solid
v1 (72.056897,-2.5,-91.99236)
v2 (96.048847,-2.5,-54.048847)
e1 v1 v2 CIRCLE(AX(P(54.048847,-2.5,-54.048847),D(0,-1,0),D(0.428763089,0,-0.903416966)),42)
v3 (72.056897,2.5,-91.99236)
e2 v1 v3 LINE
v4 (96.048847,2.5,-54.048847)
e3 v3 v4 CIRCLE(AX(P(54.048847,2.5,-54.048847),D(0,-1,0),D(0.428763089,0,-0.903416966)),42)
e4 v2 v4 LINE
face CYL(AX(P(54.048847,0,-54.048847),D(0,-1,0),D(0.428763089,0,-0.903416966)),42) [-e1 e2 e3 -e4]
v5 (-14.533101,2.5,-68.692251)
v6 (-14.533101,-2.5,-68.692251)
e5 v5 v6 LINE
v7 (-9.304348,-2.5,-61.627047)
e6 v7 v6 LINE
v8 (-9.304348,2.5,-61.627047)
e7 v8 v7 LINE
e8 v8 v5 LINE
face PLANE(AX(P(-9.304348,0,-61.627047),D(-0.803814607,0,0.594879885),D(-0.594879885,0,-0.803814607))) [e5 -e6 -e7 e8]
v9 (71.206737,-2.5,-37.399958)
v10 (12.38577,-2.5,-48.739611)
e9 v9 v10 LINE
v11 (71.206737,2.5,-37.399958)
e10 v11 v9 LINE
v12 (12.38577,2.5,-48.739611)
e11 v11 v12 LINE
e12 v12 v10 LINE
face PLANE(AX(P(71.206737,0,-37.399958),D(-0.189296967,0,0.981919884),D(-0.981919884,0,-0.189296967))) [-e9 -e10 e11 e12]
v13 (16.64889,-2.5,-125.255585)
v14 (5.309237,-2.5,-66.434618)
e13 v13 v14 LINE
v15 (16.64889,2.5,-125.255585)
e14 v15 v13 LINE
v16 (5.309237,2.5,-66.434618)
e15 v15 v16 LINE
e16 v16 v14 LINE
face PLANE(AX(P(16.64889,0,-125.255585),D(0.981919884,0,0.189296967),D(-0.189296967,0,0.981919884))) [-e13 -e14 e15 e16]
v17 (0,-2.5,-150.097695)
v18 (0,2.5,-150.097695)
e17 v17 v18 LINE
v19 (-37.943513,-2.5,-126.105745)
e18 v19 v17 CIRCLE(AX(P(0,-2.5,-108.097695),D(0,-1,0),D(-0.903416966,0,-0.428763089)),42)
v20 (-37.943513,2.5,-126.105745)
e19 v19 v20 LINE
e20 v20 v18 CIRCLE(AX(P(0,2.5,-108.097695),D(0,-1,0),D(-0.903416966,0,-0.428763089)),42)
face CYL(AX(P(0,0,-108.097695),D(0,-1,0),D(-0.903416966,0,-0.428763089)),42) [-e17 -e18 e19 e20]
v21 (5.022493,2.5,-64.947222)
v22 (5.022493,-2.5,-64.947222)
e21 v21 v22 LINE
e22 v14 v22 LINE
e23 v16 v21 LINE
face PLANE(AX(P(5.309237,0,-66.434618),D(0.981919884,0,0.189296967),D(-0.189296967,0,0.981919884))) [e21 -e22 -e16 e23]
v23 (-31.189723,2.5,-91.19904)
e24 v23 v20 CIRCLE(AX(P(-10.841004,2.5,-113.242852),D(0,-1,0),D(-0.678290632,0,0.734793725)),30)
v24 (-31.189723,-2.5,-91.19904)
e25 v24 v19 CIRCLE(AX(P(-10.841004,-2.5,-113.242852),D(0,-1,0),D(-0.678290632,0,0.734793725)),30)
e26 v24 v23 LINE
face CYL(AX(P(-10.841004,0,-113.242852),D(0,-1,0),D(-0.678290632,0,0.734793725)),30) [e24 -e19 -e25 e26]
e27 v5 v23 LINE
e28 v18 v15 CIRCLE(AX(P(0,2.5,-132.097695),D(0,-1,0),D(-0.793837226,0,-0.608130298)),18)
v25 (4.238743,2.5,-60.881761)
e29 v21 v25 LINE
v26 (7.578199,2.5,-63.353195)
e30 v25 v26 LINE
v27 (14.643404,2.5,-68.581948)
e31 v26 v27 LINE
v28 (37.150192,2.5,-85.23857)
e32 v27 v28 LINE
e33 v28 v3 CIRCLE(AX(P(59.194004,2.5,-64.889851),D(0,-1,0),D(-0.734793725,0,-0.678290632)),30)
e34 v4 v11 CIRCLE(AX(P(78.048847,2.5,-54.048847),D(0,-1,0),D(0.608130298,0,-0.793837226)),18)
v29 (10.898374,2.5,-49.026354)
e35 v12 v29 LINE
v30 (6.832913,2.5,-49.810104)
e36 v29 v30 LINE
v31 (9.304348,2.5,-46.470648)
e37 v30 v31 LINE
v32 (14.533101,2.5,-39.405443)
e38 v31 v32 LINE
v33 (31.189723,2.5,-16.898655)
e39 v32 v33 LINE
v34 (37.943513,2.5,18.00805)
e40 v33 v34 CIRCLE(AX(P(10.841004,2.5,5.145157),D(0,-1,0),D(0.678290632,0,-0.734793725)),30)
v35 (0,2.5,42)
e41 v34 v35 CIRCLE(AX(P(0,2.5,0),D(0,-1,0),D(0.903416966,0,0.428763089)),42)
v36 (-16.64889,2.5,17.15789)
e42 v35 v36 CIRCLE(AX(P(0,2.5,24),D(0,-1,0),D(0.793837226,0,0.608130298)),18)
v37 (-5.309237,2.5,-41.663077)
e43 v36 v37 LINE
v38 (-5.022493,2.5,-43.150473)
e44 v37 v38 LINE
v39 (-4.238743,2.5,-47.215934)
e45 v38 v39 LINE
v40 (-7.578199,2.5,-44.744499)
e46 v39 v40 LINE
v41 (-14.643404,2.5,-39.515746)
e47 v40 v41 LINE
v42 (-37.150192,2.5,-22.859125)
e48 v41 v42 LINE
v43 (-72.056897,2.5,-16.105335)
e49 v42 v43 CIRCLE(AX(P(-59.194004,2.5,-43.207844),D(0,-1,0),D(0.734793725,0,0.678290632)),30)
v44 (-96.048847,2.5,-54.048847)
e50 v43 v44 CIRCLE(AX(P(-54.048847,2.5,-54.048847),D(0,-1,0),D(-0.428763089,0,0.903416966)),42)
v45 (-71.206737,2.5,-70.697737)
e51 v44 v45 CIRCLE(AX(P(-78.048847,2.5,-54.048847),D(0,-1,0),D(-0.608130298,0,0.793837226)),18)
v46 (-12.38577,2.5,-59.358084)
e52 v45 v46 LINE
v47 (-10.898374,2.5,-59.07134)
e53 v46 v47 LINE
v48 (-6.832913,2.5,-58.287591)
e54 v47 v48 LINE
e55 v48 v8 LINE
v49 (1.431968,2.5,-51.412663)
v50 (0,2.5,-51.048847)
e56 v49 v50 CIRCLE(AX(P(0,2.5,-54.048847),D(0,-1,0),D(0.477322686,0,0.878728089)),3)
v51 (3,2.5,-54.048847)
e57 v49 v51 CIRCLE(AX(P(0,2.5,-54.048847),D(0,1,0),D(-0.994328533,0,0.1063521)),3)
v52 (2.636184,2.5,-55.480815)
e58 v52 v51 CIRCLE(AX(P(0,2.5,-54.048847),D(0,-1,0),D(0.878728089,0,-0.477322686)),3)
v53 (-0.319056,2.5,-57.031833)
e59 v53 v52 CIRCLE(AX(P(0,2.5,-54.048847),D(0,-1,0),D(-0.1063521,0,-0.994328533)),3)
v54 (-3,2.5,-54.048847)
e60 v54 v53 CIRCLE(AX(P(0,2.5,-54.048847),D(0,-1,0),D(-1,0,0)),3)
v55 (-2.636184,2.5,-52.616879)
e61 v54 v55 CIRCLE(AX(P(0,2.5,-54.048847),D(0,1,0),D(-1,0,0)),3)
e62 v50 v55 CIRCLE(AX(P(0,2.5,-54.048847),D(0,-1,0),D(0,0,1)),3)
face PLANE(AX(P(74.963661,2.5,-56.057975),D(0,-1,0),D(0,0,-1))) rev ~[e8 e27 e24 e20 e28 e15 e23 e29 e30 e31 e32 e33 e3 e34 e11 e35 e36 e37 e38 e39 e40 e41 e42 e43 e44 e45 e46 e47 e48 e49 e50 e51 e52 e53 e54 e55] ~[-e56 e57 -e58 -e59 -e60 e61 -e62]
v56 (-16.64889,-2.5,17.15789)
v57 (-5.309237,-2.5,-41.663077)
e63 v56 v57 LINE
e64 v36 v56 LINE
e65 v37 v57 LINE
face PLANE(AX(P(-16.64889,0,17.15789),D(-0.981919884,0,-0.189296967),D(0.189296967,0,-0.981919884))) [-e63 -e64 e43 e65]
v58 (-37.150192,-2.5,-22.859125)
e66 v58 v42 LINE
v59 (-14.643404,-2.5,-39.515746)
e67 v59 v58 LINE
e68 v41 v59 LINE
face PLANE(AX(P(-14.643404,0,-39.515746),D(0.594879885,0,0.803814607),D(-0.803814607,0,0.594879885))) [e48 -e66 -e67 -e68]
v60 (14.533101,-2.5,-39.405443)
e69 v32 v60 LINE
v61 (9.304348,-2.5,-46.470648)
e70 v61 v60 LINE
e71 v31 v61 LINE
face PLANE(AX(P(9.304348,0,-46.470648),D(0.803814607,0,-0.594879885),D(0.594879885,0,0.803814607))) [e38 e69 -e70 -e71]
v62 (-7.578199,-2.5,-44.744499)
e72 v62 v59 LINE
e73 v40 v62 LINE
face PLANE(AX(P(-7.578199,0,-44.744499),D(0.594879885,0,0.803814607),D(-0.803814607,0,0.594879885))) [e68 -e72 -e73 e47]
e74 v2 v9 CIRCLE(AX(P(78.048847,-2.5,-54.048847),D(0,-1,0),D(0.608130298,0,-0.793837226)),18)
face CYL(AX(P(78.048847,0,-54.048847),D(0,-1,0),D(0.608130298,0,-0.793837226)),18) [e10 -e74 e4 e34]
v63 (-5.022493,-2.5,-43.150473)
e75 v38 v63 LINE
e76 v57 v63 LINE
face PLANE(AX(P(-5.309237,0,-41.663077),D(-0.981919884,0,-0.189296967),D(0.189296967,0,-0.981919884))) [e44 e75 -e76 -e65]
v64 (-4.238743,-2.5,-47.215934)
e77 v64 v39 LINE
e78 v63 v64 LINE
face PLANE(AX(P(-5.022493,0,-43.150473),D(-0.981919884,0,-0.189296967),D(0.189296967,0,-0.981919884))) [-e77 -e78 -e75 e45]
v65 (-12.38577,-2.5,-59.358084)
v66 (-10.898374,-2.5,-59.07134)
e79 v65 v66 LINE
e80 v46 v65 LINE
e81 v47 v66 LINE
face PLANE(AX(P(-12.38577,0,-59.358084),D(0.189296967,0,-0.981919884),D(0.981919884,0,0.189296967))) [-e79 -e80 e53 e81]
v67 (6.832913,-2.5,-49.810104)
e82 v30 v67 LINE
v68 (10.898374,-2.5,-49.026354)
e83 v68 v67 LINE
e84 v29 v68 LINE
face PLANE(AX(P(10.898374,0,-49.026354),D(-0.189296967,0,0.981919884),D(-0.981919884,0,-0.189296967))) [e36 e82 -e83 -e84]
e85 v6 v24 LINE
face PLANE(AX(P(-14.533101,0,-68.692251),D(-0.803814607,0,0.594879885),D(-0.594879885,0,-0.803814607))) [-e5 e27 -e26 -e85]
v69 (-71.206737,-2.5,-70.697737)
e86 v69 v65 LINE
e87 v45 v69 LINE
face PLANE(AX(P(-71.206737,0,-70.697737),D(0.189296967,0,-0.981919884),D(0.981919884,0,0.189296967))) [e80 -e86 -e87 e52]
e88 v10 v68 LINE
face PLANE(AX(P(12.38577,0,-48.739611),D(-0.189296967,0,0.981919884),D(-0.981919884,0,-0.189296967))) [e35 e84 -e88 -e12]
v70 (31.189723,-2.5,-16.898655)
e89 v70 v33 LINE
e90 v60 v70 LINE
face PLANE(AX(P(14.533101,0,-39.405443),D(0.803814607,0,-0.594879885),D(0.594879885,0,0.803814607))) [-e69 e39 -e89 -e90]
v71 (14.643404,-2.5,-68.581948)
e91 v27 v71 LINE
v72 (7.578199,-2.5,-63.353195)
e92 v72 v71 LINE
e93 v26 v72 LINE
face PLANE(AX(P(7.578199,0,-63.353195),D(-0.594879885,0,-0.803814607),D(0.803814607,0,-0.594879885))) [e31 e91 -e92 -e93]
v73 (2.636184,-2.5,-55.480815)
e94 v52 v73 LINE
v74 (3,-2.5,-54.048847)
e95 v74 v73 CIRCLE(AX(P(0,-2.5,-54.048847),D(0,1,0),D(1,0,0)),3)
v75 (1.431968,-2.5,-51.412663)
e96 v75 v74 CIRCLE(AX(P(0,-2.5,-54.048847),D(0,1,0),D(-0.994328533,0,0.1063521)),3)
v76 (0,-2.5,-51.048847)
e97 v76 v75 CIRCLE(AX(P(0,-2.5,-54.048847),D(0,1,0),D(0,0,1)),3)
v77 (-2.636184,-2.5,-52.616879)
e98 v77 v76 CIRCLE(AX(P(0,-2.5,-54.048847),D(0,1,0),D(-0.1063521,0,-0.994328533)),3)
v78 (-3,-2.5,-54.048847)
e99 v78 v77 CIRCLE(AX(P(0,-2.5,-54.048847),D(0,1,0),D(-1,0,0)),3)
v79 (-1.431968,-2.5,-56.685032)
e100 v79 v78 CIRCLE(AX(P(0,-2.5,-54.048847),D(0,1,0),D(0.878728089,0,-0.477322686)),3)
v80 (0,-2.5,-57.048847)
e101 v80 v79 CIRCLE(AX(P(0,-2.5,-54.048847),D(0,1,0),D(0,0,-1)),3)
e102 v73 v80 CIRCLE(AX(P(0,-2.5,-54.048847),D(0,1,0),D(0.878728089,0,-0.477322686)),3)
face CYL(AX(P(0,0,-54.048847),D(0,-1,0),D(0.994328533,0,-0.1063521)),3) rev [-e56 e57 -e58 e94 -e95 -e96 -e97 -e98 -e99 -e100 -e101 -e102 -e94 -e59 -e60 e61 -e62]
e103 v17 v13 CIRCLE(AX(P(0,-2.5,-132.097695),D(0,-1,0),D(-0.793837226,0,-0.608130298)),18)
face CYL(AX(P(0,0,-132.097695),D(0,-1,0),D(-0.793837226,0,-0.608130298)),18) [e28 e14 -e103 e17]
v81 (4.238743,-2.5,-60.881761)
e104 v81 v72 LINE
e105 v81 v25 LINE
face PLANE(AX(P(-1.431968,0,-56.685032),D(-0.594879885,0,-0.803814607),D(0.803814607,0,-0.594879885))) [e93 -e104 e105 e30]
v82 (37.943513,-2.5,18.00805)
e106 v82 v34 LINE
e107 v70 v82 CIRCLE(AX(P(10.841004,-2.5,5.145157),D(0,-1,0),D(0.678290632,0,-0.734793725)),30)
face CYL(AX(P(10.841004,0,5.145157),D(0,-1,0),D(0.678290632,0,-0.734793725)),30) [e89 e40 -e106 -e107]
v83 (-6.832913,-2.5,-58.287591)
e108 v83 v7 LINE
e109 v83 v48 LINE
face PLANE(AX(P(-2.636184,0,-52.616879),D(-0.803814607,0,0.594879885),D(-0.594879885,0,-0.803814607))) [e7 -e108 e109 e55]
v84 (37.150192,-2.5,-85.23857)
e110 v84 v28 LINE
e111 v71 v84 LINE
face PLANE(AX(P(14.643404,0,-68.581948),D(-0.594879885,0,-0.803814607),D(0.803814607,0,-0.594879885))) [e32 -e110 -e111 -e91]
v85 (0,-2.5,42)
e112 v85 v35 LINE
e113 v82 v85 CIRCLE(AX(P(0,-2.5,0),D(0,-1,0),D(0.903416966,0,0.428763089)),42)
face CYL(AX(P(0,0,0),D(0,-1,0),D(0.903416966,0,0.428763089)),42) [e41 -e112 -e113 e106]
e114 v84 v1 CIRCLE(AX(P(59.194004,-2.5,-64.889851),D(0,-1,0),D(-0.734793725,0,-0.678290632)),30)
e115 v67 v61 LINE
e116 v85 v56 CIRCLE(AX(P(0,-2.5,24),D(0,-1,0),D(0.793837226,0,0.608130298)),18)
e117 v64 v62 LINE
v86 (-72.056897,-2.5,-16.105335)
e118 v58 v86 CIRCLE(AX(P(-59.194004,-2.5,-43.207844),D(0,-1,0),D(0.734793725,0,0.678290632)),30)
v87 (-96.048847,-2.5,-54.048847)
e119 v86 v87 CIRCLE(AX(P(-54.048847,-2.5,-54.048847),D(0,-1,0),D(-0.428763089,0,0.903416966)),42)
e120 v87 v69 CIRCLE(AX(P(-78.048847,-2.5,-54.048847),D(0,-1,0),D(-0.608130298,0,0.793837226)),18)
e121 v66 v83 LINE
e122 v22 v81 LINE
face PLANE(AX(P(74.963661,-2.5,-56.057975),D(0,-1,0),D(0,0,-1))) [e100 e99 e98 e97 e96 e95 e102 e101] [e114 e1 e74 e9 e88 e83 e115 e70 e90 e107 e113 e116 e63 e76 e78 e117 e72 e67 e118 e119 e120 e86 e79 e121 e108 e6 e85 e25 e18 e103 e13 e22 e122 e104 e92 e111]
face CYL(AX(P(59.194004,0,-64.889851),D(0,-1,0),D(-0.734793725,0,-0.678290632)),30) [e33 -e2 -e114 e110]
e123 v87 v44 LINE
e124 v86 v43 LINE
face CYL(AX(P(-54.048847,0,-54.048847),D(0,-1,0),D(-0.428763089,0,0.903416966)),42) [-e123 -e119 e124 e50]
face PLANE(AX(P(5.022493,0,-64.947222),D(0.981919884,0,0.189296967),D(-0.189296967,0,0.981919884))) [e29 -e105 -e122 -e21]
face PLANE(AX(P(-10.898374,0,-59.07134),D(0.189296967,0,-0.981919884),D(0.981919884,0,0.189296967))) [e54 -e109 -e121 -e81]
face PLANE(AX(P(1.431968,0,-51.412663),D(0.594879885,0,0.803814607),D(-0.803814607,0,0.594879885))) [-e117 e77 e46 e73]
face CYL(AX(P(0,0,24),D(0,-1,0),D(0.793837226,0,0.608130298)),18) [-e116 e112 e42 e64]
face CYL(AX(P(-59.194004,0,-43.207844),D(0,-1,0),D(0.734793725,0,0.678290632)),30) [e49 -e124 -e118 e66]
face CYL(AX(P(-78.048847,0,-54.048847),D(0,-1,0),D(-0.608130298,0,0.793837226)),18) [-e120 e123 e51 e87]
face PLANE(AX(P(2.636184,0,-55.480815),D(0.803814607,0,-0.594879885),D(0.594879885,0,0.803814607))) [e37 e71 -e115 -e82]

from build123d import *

# Parameters (mm, degrees)
F1_DEPTH = 2.5
F2_COUNT = 4


with BuildPart() as f1:
    # F0 (on Front) → F1 (new body, symmetric)
    with BuildSketch(Plane.XZ):
        with BuildLine():
            ThreePointArc((18, 24), (17.0470416958, 29.7791322377), (14.2890700643, 34.946345358))
            ThreePointArc((14.2890700643, 34.946345358), (-4.1125794445, 31.1526624853), (-16.6488897576, 17.157889957))
            ThreePointArc((-16.6488897576, 17.157889957), (3.4871180339, 6.3410077349), (18, 24))
        make_face()
        with BuildLine():
            ThreePointArc((14.2890700643, 34.946345358), (7.967615209, 40.1405423664), (4.77e-08, 42))
            ThreePointArc((4.77e-08, 42), (-14.9525579748, 34.0210283908), (-16.6488897576, 17.157889957))
            ThreePointArc((-16.6488897576, 17.157889957), (-4.1125794445, 31.1526624853), (14.2890700643, 34.946345358))
        make_face()
        with BuildLine():
            ThreePointArc((40.8410037042, 5.1451568183), (40.1076678925, 11.7377562518), (37.9435125515, 18.0080497349))
            ThreePointArc((37.9435125515, 18.0080497349), (28.3069956895, 29.5365307848), (14.2890700643, 34.946345358))
            ThreePointArc((14.2890700643, 34.946345358), (17.0470416958, 29.7791322377), (18, 24))
            ThreePointArc((18, 24), (3.4871180339, 6.3410077349), (-16.6488897576, 17.157889957))
            Line((-16.6488897576, 17.157889957), (-10.2130597935, -16.2260015554))
            ThreePointArc((-10.2130597935, -16.2260015554), (10.3536707871, -24.8508846976), (31.1897226642, -16.8986549366))
            ThreePointArc((31.1897226642, -16.8986549366), (38.3224662635, -6.8868511438), (40.8410037042, 5.1451568183))
        make_face()
        with BuildLine():
            ThreePointArc((-5.3092368295, -41.6630772302), (4.7480675162, -41.730754305), (14.5331010068, -39.4054434707))
            Line((14.5331010068, -39.4054434707), (31.1897226642, -16.8986549366))
            ThreePointArc((31.1897226642, -16.8986549366), (10.3536707871, -24.8508846976), (-10.2130597935, -16.2260015554))
            Line((-10.2130597935, -16.2260015554), (-5.3092368295, -41.6630772302))
        make_face()
        with BuildLine():
            Line((9.3043480393, -46.4706479136), (14.5331010068, -39.4054434707))
            ThreePointArc((14.5331010068, -39.4054434707), (4.7480675162, -41.730754305), (-5.3092368295, -41.6630772302))
            Line((-5.3092368295, -41.6630772302), (-5.0224929571, -43.1504730102))
            ThreePointArc((-5.0224929571, -43.1504730102), (2.7091439762, -42.3586575491), (9.3043480393, -46.4706479136))
        make_face()
        with BuildLine():
            Line((2.6361842657, -55.4808154644), (9.3043480393, -46.4706479136))
            ThreePointArc((9.3043480393, -46.4706479136), (2.7091439762, -42.3586575491), (-5.0224929571, -43.1504730102))
            Line((-5.0224929571, -43.1504730102), (-2.982985598, -53.729791108))
            ThreePointArc((-2.982985598, -53.729791108), (0.1597548214, -51.0531040274), (3, -54.0488474071))
            ThreePointArc((3, -54.0488474071), (2.9076238406, -54.7875784822), (2.6361842657, -55.4808154644))
        make_face()
        with BuildLine():
            ThreePointArc((14.2890700643, 34.946345358), (28.3069956895, 29.5365307848), (37.9435125515, 18.0080497349))
            ThreePointArc((37.9435125515, 18.0080497349), (22.4461791063, 35.4988597497), (4.77e-08, 42))
            ThreePointArc((4.77e-08, 42), (7.967615209, 40.1405423664), (14.2890700643, 34.946345358))
        make_face()
    extrude(amount=F1_DEPTH, both=True)

    # F2: F1 ×4 about axis
    f2_axis = Axis((0, 0, -54.0488474071), (0, -1, 0))


with BuildPart() as f1_1:
    add(f1.part)
    for i in range(1, F2_COUNT):
        add(f1.part.rotate(f2_axis, i * 360 / F2_COUNT))


solid = f1_1.part
